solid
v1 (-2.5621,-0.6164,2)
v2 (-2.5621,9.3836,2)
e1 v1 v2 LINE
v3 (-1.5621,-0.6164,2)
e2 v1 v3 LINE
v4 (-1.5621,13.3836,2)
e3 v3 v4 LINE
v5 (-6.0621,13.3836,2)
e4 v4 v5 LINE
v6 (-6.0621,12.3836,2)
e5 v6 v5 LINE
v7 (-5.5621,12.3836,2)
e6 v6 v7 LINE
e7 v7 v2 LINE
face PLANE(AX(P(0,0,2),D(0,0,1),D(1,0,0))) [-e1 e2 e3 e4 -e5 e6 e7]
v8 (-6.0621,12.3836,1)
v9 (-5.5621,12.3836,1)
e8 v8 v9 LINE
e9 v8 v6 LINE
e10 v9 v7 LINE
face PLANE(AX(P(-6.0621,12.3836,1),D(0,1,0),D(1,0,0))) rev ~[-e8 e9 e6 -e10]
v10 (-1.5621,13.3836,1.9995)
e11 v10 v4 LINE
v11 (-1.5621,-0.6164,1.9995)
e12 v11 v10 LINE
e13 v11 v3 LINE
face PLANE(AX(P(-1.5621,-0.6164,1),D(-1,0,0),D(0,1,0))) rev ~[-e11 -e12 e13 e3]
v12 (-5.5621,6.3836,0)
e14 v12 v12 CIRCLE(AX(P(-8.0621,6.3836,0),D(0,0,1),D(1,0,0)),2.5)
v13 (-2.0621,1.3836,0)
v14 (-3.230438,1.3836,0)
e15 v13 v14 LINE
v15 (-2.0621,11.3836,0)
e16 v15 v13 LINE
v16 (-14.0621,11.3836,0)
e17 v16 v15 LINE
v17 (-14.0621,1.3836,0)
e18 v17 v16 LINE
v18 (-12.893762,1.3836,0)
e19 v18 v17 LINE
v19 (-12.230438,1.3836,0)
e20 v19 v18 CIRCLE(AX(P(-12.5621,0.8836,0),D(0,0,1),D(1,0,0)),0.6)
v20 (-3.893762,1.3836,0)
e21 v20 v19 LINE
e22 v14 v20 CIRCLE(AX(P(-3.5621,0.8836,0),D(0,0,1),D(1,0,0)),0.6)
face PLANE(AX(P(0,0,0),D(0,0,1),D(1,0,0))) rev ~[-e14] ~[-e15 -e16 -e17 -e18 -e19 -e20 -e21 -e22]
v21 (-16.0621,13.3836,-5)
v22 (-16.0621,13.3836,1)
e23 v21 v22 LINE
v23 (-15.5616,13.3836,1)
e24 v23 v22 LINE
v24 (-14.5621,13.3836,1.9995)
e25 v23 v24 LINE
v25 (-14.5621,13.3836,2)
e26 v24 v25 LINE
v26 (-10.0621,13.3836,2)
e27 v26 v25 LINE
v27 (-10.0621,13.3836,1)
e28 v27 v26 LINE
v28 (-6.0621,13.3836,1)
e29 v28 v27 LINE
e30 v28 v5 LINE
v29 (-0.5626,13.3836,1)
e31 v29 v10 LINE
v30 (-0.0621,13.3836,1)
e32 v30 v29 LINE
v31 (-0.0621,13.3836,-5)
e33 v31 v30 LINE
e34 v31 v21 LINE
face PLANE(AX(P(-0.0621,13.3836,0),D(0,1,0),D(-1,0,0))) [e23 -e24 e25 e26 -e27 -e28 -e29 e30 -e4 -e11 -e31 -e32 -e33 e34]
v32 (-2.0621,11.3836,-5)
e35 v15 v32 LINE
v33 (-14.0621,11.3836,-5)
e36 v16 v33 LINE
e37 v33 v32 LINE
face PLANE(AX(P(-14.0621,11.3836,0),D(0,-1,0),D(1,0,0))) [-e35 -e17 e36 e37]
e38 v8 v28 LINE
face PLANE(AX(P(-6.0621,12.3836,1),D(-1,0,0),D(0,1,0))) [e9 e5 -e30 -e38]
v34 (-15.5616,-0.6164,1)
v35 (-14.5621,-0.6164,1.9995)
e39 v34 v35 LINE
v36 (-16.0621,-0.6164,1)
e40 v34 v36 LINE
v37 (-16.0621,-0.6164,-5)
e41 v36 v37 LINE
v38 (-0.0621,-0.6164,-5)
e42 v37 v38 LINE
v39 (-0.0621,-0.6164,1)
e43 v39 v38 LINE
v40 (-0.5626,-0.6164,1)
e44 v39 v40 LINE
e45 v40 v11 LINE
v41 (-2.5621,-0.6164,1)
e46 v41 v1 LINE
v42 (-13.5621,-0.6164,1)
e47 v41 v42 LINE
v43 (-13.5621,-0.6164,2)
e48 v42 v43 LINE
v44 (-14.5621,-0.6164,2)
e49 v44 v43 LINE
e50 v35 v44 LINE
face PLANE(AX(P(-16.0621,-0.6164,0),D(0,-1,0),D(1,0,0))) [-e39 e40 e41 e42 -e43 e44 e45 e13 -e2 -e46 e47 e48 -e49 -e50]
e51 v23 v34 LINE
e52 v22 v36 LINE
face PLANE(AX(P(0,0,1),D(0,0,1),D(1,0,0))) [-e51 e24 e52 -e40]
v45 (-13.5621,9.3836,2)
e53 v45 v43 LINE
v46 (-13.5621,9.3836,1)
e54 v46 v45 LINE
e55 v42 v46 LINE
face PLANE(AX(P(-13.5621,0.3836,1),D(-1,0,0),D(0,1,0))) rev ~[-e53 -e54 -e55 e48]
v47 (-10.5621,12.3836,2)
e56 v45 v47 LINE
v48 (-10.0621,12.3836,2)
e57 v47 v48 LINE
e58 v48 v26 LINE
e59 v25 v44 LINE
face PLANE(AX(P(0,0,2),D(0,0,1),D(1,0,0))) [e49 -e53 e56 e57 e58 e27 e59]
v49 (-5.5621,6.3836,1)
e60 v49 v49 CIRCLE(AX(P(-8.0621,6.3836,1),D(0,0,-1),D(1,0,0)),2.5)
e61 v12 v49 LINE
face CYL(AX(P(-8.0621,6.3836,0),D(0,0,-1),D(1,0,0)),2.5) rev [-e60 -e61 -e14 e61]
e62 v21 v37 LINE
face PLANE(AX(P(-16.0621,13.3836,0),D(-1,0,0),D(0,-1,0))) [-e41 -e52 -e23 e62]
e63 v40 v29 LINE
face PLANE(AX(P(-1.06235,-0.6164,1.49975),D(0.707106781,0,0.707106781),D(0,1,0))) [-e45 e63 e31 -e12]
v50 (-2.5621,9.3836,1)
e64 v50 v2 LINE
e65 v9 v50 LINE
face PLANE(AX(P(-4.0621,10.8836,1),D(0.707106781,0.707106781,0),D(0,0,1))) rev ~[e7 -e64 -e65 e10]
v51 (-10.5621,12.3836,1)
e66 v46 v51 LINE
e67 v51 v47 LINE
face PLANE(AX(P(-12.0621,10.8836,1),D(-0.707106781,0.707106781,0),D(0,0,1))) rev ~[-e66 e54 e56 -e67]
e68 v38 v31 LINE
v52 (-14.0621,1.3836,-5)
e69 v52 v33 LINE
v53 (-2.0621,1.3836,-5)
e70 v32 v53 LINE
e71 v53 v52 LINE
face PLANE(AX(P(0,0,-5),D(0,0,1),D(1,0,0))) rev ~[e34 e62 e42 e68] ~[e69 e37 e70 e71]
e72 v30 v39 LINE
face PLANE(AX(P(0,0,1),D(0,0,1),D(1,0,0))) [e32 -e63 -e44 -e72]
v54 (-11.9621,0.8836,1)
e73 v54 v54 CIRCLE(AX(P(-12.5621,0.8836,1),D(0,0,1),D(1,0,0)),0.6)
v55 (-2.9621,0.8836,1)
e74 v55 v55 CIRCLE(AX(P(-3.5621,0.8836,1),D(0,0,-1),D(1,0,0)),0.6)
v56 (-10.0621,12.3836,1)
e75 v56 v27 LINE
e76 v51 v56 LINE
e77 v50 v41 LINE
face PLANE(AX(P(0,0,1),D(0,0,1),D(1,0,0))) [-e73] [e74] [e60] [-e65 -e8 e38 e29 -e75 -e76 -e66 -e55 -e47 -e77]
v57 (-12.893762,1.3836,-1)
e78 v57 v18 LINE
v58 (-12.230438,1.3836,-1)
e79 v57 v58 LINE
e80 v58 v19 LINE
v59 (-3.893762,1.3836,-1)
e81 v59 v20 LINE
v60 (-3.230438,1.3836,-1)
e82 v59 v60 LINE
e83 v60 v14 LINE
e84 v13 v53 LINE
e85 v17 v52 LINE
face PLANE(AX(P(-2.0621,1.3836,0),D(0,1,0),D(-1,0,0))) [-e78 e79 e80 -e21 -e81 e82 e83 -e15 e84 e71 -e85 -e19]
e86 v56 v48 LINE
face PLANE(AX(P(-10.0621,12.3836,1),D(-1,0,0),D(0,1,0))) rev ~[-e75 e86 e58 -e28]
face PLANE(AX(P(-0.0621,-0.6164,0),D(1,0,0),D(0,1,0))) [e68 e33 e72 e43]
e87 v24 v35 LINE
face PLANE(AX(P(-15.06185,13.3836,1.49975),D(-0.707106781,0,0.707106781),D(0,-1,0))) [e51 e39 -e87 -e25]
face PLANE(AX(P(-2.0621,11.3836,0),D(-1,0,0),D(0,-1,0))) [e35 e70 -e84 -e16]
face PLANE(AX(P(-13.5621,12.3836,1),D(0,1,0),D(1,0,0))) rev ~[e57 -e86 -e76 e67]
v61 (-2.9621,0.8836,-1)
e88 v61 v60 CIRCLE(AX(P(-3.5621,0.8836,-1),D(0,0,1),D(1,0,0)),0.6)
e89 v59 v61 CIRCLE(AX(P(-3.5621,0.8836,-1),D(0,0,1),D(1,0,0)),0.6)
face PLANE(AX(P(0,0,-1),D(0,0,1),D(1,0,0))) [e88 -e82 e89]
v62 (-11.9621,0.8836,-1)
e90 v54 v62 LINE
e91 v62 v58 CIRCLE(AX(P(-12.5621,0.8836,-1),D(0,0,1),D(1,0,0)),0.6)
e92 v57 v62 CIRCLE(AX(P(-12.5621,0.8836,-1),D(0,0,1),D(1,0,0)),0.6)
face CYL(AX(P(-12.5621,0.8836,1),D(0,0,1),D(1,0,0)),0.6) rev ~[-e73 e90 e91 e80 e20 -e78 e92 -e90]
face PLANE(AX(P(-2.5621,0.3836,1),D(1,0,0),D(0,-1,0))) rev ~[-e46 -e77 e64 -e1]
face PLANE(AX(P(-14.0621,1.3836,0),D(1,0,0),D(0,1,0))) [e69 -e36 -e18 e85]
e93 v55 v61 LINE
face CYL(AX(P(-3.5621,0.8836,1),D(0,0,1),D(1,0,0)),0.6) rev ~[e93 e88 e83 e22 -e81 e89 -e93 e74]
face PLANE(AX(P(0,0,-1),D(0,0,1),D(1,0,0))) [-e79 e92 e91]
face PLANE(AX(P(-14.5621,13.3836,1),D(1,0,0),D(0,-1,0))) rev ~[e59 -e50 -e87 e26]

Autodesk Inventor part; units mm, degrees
ref_plane "YZ Plane" through (0, 0, 0) normal (1, 0, 0) x (0, 1, 0)
ref_plane "XZ Plane" through (0, 0, 0) normal (0, 1, 0) x (-1, 0, 0)
ref_plane "XY Plane" through (0, 0, 0) normal (0, 0, 1) x (1, 0, 0)
sketch "Sketch1" plane through (0, 0, 0) normal (0, 0, 1) x (1, 0, 0)
  line L0 (-14.0621, 11.3836) -> (-2.0621, 11.3836)
  line L1 (-2.0621, 11.3836) -> (-2.0621, 1.3836)
  line L2 (-2.0621, 1.3836) -> (-14.0621, 1.3836)
  line L3 (-14.0621, 1.3836) -> (-14.0621, 11.3836)
  line L4 (-0.0621, 13.3836) -> (-16.0621, 13.3836)
  line L5 (-16.0621, 13.3836) -> (-16.0621, -0.6164)
  line L6 (-16.0621, -0.6164) -> (-0.0621, -0.6164)
  line L7 (-0.0621, -0.6164) -> (-0.0621, 13.3836)
  point P0 (0, 0)
  dimension "d0" = 12
  dimension "d1" = 10
  dimension "d2" = 2
extrude "Extrusion1" add sketch "Sketch1" against normal blind 5
sketch "Sketch2" plane through (0, 0, 0) normal (0, 0, 1) x (1, 0, 0)
  line L0 (-0.0621, 13.3836) -> (-16.0621, 13.3836) projected
  line L1 (-0.0621, -0.6164) -> (-0.0621, 13.3836) projected
  line L2 (-16.0621, 13.3836) -> (-0.0621, 13.3836)
  line L3 (-0.0621, 13.3836) -> (-0.0621, -0.6164)
  line L4 (-0.0621, -0.6164) -> (-16.0621, -0.6164)
  line L5 (-16.0621, -0.6164) -> (-16.0621, 13.3836)
  line L6 (-0.0621, 13.3836) -> (-0.0621, -0.6164) projected
  line L7 (-0.0621, 6.3836) -> (-16.0621, 6.3836)
  line L8 (-16.0621, -0.6164) -> (-16.0621, 13.3836) projected
  circle A0 centre (-8.0621, 6.3836) radius 2.5
  point P0 (0, 0)
  dimension "d7" = 5
extrude "Extrusion2" add sketch "Sketch2" along normal blind 1 contours L1 L7 A0 L5 L0 | L1 L4 L5 L7 A0
sketch "Sketch3" plane through (0, 0, 1) normal (0, 0, 1) x (1, 0, 0)
  line L0 (-13.5621, 12.3836) -> (-2.5621, 12.3836)
  line L1 (-2.5621, 12.3836) -> (-2.5621, 0.3836)
  line L2 (-2.5621, 0.3836) -> (-13.5621, 0.3836)
  line L3 (-13.5621, 0.3836) -> (-13.5621, 12.3836)
  line L4 (-8.0621, 12.3836) -> (-8.0621, 0.3836)
  circle A0 centre (-8.0621, 6.3836) radius 2.5 projected
  line L5 (-1.5621, 13.3836) -> (-14.5621, 13.3836)
  line L6 (-14.5621, 13.3836) -> (-14.5621, -0.6164)
  line L7 (-14.5621, -0.6164) -> (-1.5621, -0.6164)
  line L8 (-1.5621, -0.6164) -> (-1.5621, 13.3836)
  line L9 (-8.0621, 12.3836) -> (-10.0621, 12.3836)
  line L10 (-10.0621, 12.3836) -> (-10.0621, 13.3836)
  line L11 (-16.0621, 13.3836) -> (-0.0621, 13.3836) projected
  line L12 (-8.0621, 12.3836) -> (-6.0621, 12.3836)
  line L13 (-6.0621, 12.3836) -> (-6.0621, 13.3836)
  line L14 (-8.0621, 0.3836) -> (-4.0621, 0.3836)
  line L15 (-4.0621, 0.3836) -> (-4.0621, -0.6164)
  line L16 (-0.0621, -0.6164) -> (-16.0621, -0.6164) projected
  line L17 (-8.0621, 0.3836) -> (-12.0621, 0.3836)
  line L18 (-12.0621, 0.3836) -> (-12.0621, -0.6164)
  line L19 (-13.5621, 0.3836) -> (-13.5621, -0.6164)
  line L20 (-2.5621, 0.3836) -> (-2.5621, -0.6164)
  point P0 (0, 0)
  dimension "d8" = 11
  dimension "d9" = 12
  dimension "d10" = 1
  dimension "d11" = 2
  dimension "d12" = 2
  dimension "d13" = 4
  dimension "d14" = 4
extrude "Extrusion3" add sketch "Sketch3" along normal blind 1 contours L3 L19 L7 L6 L5 L10 L0 | L13 L5 L8 L7 L20 L1 L0
chamfer "Chamfer1" distance 1 angle 45 2 edges at (-14.5621, 6.3836, 1) (-1.5621, 6.3836, 1)
chamfer "Chamfer2" distance 3 angle 45 2 edges at (-13.5621, 12.3836, 1.5) (-2.5621, 12.3836, 1.5)
sketch "Sketch4" plane through (0, 0, 1) normal (0, 0, 1) x (1, 0, 0)
  circle A0 centre (-12.5621, 0.8836) radius 0.6
  circle A1 centre (-3.5621, 0.8836) radius 0.6
  line L0 (-12.5621, 0.8836) -> (-3.5621, 0.8836)
  circle A2 centre (-8.0621, 6.3836) radius 2.5 projected
  line L1 (-8.0621, 0.8836) -> (-8.0621, 6.3836)
  point P0 (0, 0)
  dimension "d23" = 1.2
  dimension "d24" = 1.2
  dimension "d25" = 5.5
  dimension "d26" = 9
extrude "Extrusion4" cut sketch "Sketch4" against normal blind 2 contours A0 | A1
properties part number "pid_test_structure"
